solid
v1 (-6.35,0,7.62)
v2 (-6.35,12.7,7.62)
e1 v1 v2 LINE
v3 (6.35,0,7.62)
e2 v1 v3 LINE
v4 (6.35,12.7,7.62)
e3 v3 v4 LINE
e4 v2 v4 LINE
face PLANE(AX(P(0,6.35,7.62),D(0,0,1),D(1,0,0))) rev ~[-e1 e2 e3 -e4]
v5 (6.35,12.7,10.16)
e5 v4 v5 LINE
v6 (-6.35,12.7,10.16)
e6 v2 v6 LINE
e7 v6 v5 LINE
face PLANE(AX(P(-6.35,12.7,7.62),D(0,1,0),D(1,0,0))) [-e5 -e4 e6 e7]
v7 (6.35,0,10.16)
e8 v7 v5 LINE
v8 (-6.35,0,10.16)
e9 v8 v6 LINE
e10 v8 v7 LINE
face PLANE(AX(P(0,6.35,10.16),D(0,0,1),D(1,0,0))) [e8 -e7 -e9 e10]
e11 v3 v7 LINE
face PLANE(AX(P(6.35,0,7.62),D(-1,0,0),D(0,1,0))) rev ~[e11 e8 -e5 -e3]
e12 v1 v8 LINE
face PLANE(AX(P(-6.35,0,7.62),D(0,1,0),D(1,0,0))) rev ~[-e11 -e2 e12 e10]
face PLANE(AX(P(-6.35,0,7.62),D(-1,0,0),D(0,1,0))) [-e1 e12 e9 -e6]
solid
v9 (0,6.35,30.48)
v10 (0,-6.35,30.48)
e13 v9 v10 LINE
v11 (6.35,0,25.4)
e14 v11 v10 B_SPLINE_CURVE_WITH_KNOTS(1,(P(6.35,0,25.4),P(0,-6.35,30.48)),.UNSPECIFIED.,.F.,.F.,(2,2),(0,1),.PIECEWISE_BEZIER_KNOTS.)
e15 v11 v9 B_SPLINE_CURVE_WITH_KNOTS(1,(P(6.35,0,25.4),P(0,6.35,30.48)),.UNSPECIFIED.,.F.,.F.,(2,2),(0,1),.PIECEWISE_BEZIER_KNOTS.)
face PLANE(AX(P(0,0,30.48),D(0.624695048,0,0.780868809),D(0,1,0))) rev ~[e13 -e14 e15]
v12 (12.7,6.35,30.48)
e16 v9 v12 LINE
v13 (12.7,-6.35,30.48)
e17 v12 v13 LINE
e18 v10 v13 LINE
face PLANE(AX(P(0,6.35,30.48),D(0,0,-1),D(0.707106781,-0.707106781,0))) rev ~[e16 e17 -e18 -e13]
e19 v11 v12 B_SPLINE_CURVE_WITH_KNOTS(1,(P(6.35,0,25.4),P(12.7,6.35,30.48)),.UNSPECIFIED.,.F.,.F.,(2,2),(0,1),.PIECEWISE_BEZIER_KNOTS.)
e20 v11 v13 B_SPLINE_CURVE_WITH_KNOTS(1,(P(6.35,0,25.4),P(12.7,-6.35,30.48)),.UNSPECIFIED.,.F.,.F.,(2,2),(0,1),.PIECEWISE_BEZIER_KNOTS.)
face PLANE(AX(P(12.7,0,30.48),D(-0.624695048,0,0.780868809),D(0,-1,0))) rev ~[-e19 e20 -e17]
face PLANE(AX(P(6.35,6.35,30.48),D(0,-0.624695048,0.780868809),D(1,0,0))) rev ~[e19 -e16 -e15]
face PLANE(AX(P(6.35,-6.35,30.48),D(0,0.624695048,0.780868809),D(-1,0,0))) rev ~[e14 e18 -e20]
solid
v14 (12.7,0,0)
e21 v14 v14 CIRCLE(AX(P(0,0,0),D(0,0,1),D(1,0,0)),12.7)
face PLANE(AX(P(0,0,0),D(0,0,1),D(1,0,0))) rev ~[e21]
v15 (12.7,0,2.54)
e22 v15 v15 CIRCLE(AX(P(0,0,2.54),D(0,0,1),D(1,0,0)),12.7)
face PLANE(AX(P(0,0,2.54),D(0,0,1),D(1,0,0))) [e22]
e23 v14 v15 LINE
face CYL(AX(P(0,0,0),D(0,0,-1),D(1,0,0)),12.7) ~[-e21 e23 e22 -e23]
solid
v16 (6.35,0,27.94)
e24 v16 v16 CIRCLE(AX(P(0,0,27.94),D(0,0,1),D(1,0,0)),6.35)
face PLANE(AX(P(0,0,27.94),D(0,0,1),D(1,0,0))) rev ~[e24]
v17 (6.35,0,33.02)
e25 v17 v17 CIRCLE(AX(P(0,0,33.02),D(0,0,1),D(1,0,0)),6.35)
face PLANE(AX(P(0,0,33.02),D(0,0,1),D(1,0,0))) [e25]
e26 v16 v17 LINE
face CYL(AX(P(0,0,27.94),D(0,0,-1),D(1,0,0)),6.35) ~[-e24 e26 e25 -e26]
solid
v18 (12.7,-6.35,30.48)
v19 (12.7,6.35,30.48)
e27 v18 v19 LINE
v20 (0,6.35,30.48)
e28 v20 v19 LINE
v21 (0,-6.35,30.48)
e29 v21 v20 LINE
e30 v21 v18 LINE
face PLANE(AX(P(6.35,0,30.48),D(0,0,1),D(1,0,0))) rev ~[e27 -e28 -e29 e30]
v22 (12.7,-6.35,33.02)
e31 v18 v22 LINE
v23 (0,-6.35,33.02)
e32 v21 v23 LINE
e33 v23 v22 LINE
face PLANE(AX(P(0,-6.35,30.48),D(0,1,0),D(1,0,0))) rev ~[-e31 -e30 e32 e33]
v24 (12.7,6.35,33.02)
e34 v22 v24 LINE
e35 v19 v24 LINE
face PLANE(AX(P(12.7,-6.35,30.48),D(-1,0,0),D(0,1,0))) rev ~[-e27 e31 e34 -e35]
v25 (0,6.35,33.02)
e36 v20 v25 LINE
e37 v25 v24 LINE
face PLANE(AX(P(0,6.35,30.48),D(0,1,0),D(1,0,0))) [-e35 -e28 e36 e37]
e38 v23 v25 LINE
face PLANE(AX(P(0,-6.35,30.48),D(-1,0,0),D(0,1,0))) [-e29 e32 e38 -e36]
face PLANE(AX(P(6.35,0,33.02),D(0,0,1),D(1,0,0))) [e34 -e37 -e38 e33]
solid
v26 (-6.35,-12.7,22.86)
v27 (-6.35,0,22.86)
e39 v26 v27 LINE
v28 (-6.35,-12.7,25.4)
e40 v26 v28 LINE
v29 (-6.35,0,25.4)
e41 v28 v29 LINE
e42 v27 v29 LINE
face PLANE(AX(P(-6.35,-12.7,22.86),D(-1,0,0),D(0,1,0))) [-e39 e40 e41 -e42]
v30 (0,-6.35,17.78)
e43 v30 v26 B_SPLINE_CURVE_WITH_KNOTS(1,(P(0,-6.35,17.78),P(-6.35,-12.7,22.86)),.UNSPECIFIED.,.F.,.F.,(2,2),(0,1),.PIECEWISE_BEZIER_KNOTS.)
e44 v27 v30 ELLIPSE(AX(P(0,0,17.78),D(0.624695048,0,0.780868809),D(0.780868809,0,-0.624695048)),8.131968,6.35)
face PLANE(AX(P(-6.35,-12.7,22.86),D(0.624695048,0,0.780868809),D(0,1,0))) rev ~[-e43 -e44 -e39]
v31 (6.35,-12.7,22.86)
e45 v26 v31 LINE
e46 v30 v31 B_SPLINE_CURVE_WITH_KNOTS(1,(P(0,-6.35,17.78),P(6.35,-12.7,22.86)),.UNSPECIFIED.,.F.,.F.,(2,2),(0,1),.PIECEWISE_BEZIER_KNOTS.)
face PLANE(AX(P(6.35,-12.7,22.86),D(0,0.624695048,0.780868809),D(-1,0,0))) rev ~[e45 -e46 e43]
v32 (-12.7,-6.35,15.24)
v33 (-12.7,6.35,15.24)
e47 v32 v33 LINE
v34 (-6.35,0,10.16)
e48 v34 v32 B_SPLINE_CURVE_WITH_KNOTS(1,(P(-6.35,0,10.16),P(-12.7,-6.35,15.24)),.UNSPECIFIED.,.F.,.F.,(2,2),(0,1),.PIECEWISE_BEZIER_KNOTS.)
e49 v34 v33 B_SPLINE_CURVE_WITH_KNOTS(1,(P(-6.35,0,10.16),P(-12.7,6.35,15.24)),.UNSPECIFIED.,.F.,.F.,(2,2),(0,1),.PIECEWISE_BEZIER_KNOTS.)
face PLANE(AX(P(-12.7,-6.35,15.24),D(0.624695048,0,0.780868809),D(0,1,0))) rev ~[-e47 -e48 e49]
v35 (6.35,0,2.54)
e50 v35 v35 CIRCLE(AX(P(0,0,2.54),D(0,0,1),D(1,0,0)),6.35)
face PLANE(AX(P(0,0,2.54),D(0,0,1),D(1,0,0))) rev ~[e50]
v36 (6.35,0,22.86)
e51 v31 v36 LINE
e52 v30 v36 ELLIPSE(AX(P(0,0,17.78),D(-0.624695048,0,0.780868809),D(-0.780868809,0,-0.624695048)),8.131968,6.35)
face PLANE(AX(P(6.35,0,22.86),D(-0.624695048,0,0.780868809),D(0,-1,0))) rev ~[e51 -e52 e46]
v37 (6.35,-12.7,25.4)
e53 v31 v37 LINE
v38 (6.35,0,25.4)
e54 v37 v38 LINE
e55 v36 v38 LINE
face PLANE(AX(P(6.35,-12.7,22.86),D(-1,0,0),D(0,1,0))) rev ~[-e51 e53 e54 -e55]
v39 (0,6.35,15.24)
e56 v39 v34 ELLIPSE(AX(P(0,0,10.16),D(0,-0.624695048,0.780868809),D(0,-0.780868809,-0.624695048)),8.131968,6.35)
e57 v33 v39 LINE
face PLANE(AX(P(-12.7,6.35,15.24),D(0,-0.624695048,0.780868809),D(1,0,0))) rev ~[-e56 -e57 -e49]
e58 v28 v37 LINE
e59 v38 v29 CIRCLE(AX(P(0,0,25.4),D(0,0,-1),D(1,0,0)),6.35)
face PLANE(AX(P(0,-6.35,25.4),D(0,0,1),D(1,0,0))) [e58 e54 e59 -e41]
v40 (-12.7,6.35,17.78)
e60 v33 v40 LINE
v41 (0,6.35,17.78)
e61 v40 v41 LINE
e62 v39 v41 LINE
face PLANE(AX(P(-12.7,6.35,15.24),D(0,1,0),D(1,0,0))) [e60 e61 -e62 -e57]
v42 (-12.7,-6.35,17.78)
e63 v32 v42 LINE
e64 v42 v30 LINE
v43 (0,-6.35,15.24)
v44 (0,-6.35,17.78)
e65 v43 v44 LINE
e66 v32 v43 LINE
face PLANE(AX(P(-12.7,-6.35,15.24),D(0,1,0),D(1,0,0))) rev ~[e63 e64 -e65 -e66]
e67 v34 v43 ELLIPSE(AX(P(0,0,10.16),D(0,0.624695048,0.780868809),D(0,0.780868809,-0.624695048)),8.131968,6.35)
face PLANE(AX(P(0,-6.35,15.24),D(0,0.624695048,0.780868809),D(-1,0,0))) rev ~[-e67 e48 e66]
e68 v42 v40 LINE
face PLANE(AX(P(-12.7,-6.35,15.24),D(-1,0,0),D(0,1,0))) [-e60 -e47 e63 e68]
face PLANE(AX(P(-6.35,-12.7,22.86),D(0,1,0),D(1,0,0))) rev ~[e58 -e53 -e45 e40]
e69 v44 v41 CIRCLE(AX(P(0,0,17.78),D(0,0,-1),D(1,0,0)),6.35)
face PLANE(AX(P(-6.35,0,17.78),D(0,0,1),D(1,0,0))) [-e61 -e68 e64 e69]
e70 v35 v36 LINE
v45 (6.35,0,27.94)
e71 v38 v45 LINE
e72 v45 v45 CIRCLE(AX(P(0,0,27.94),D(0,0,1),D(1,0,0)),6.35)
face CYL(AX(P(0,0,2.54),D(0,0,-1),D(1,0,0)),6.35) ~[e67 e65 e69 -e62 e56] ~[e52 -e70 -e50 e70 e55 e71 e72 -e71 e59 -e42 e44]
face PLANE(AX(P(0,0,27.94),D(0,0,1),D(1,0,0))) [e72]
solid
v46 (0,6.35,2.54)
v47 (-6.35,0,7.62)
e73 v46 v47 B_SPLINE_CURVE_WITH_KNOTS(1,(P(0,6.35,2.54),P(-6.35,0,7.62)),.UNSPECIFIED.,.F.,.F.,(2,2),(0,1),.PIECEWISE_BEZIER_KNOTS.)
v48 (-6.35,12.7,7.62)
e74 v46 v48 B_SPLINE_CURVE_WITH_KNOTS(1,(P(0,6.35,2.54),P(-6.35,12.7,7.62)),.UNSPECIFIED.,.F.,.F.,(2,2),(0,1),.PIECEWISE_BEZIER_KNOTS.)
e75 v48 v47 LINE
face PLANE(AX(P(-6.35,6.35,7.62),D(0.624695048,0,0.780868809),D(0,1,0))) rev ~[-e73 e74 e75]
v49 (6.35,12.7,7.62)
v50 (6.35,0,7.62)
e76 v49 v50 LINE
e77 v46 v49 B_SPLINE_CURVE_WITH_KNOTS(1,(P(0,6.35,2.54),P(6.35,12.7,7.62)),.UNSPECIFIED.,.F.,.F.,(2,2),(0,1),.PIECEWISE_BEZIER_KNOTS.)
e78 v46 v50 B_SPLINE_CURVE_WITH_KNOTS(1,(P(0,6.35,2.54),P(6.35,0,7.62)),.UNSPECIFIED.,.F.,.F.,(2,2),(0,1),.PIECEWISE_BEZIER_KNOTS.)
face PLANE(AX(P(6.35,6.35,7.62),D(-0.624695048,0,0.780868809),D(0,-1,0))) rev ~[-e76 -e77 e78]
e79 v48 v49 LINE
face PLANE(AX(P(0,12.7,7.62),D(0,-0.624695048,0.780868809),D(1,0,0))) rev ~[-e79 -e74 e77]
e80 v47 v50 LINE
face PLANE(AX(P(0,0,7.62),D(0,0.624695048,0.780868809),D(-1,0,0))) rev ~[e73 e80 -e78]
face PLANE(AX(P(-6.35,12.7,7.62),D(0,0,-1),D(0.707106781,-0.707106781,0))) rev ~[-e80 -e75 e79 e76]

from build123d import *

# Parameters (mm, degrees)
F0_R       = 12.7
F1_DEPTH   = 2.54
F4_W       = 12.7
F4_H       = 12.7
F5_DEPTH   = 2.54
F6_R       = 6.35
F7_DEPTH   = 25.4
F9_W       = 12.7
F9_H       = 12.7
F10_DEPTH  = 2.54
F5_FACE1_W = 12.7
F5_FACE1_H = 12.7
F16_W      = 12.7
F16_H      = 12.7
F17_DEPTH  = 2.54
F21_W      = 12.7
F21_H      = 12.7
F22_DEPTH  = 2.54
F23_R      = 6.35
F24_DEPTH  = 5.08
F22_FACE_W = 12.7
F22_FACE_H = 12.7


with BuildPart() as f1:
    # F0 (on Top) → F1 (new body)
    with BuildSketch(Plane.XY):
        Circle(F0_R)
    extrude(amount=F1_DEPTH)


with BuildPart() as f5:
    # F4 (on offset) → F5 (new body)
    with BuildSketch(Plane.XY.offset(7.62)):
        with Locations((0, 6.35)):
            Rectangle(F4_W, F4_H)
    extrude(amount=F5_DEPTH)


with BuildPart() as f7:
    # F6 (on face) → F7 (new body)
    with BuildSketch(Plane.XY.offset(2.54)):
        Circle(F6_R)
    extrude(amount=F7_DEPTH)

    # F9 (on offset) → F10 (join)
    with BuildSketch(Plane.XY.offset(15.24)):
        with Locations((-6.35, 0)):
            Rectangle(F9_W, F9_H)
    extrude(amount=F10_DEPTH)

    # F10_face (on face) → F12 section 0
    with BuildSketch(Plane(origin=(-8.7134178579, 0, 15.24), x_dir=(1, 0, 0), z_dir=(0, 0, -1)), mode=Mode.PRIVATE) as f12_s0:
        with BuildLine():
            Line((8.7134178579, 6.35), (-3.9865821421, 6.35))
            Line((-3.9865821421, 6.35), (-3.9865821421, -6.35))
            Line((-3.9865821421, -6.35), (8.7134178579, -6.35))
            ThreePointArc((8.7134178579, -6.35), (2.3634178579, 0), (8.7134178579, 6.35))
        make_face()
    loft([Vertex(-6.35, 0, 10.16), f12_s0.sketch])

    # F16 (on offset) → F17 (join)
    with BuildSketch(Plane.XY.offset(22.86)):
        with Locations((0, -6.35)):
            Rectangle(F16_W, F16_H)
    extrude(amount=F17_DEPTH)

    # F17_face (on face) → F19 section 0
    with BuildSketch(Plane(origin=(0, -8.7134178579, 22.86), x_dir=(1, 0, 0), z_dir=(0, 0, -1)), mode=Mode.PRIVATE) as f19_s0:
        with BuildLine():
            Line((-6.35, 3.9865821421), (-6.35, -8.7134178579))
            ThreePointArc((-6.35, -8.7134178579), (0, -2.3634178579), (6.35, -8.7134178579))
            Line((6.35, -8.7134178579), (6.35, 3.9865821421))
            Line((6.35, 3.9865821421), (-6.35, 3.9865821421))
        make_face()
    loft([Vertex(0, -6.35, 17.78), f19_s0.sketch])


with BuildPart() as f14:
    # F5_face1 (on face) → F14 section 0
    with BuildSketch(Plane(origin=(0, 6.35, 7.62), x_dir=(1, 0, 0), z_dir=(0, 0, -1)), mode=Mode.PRIVATE) as f14_s0:
        Rectangle(F5_FACE1_W, F5_FACE1_H)
    loft([Vertex(0, 6.35, 2.54), f14_s0.sketch])


with BuildPart() as f22:
    # F21 (on offset) → F22 (new body)
    with BuildSketch(Plane.XY.offset(30.48)):
        with Locations((6.35, 0)):
            Rectangle(F21_W, F21_H)
    extrude(amount=F22_DEPTH)


with BuildPart() as f24:
    # F23 (on face) → F24 (new body, through all)
    with BuildSketch(Plane.XY.offset(27.94)):
        Circle(F23_R)
    extrude(amount=F24_DEPTH)


with BuildPart() as f26:
    # F22_face (on face) → F26 section 0
    with BuildSketch(Plane(origin=(6.35, 0, 30.48), x_dir=(1, 0, 0), z_dir=(0, 0, -1)), mode=Mode.PRIVATE) as f26_s0:
        Rectangle(F22_FACE_W, F22_FACE_H)
    loft([Vertex(6.35, 0, 25.4), f26_s0.sketch])


solid = Compound([f1.part, f5.part, f7.part, f14.part, f22.part, f24.part, f26.part])
